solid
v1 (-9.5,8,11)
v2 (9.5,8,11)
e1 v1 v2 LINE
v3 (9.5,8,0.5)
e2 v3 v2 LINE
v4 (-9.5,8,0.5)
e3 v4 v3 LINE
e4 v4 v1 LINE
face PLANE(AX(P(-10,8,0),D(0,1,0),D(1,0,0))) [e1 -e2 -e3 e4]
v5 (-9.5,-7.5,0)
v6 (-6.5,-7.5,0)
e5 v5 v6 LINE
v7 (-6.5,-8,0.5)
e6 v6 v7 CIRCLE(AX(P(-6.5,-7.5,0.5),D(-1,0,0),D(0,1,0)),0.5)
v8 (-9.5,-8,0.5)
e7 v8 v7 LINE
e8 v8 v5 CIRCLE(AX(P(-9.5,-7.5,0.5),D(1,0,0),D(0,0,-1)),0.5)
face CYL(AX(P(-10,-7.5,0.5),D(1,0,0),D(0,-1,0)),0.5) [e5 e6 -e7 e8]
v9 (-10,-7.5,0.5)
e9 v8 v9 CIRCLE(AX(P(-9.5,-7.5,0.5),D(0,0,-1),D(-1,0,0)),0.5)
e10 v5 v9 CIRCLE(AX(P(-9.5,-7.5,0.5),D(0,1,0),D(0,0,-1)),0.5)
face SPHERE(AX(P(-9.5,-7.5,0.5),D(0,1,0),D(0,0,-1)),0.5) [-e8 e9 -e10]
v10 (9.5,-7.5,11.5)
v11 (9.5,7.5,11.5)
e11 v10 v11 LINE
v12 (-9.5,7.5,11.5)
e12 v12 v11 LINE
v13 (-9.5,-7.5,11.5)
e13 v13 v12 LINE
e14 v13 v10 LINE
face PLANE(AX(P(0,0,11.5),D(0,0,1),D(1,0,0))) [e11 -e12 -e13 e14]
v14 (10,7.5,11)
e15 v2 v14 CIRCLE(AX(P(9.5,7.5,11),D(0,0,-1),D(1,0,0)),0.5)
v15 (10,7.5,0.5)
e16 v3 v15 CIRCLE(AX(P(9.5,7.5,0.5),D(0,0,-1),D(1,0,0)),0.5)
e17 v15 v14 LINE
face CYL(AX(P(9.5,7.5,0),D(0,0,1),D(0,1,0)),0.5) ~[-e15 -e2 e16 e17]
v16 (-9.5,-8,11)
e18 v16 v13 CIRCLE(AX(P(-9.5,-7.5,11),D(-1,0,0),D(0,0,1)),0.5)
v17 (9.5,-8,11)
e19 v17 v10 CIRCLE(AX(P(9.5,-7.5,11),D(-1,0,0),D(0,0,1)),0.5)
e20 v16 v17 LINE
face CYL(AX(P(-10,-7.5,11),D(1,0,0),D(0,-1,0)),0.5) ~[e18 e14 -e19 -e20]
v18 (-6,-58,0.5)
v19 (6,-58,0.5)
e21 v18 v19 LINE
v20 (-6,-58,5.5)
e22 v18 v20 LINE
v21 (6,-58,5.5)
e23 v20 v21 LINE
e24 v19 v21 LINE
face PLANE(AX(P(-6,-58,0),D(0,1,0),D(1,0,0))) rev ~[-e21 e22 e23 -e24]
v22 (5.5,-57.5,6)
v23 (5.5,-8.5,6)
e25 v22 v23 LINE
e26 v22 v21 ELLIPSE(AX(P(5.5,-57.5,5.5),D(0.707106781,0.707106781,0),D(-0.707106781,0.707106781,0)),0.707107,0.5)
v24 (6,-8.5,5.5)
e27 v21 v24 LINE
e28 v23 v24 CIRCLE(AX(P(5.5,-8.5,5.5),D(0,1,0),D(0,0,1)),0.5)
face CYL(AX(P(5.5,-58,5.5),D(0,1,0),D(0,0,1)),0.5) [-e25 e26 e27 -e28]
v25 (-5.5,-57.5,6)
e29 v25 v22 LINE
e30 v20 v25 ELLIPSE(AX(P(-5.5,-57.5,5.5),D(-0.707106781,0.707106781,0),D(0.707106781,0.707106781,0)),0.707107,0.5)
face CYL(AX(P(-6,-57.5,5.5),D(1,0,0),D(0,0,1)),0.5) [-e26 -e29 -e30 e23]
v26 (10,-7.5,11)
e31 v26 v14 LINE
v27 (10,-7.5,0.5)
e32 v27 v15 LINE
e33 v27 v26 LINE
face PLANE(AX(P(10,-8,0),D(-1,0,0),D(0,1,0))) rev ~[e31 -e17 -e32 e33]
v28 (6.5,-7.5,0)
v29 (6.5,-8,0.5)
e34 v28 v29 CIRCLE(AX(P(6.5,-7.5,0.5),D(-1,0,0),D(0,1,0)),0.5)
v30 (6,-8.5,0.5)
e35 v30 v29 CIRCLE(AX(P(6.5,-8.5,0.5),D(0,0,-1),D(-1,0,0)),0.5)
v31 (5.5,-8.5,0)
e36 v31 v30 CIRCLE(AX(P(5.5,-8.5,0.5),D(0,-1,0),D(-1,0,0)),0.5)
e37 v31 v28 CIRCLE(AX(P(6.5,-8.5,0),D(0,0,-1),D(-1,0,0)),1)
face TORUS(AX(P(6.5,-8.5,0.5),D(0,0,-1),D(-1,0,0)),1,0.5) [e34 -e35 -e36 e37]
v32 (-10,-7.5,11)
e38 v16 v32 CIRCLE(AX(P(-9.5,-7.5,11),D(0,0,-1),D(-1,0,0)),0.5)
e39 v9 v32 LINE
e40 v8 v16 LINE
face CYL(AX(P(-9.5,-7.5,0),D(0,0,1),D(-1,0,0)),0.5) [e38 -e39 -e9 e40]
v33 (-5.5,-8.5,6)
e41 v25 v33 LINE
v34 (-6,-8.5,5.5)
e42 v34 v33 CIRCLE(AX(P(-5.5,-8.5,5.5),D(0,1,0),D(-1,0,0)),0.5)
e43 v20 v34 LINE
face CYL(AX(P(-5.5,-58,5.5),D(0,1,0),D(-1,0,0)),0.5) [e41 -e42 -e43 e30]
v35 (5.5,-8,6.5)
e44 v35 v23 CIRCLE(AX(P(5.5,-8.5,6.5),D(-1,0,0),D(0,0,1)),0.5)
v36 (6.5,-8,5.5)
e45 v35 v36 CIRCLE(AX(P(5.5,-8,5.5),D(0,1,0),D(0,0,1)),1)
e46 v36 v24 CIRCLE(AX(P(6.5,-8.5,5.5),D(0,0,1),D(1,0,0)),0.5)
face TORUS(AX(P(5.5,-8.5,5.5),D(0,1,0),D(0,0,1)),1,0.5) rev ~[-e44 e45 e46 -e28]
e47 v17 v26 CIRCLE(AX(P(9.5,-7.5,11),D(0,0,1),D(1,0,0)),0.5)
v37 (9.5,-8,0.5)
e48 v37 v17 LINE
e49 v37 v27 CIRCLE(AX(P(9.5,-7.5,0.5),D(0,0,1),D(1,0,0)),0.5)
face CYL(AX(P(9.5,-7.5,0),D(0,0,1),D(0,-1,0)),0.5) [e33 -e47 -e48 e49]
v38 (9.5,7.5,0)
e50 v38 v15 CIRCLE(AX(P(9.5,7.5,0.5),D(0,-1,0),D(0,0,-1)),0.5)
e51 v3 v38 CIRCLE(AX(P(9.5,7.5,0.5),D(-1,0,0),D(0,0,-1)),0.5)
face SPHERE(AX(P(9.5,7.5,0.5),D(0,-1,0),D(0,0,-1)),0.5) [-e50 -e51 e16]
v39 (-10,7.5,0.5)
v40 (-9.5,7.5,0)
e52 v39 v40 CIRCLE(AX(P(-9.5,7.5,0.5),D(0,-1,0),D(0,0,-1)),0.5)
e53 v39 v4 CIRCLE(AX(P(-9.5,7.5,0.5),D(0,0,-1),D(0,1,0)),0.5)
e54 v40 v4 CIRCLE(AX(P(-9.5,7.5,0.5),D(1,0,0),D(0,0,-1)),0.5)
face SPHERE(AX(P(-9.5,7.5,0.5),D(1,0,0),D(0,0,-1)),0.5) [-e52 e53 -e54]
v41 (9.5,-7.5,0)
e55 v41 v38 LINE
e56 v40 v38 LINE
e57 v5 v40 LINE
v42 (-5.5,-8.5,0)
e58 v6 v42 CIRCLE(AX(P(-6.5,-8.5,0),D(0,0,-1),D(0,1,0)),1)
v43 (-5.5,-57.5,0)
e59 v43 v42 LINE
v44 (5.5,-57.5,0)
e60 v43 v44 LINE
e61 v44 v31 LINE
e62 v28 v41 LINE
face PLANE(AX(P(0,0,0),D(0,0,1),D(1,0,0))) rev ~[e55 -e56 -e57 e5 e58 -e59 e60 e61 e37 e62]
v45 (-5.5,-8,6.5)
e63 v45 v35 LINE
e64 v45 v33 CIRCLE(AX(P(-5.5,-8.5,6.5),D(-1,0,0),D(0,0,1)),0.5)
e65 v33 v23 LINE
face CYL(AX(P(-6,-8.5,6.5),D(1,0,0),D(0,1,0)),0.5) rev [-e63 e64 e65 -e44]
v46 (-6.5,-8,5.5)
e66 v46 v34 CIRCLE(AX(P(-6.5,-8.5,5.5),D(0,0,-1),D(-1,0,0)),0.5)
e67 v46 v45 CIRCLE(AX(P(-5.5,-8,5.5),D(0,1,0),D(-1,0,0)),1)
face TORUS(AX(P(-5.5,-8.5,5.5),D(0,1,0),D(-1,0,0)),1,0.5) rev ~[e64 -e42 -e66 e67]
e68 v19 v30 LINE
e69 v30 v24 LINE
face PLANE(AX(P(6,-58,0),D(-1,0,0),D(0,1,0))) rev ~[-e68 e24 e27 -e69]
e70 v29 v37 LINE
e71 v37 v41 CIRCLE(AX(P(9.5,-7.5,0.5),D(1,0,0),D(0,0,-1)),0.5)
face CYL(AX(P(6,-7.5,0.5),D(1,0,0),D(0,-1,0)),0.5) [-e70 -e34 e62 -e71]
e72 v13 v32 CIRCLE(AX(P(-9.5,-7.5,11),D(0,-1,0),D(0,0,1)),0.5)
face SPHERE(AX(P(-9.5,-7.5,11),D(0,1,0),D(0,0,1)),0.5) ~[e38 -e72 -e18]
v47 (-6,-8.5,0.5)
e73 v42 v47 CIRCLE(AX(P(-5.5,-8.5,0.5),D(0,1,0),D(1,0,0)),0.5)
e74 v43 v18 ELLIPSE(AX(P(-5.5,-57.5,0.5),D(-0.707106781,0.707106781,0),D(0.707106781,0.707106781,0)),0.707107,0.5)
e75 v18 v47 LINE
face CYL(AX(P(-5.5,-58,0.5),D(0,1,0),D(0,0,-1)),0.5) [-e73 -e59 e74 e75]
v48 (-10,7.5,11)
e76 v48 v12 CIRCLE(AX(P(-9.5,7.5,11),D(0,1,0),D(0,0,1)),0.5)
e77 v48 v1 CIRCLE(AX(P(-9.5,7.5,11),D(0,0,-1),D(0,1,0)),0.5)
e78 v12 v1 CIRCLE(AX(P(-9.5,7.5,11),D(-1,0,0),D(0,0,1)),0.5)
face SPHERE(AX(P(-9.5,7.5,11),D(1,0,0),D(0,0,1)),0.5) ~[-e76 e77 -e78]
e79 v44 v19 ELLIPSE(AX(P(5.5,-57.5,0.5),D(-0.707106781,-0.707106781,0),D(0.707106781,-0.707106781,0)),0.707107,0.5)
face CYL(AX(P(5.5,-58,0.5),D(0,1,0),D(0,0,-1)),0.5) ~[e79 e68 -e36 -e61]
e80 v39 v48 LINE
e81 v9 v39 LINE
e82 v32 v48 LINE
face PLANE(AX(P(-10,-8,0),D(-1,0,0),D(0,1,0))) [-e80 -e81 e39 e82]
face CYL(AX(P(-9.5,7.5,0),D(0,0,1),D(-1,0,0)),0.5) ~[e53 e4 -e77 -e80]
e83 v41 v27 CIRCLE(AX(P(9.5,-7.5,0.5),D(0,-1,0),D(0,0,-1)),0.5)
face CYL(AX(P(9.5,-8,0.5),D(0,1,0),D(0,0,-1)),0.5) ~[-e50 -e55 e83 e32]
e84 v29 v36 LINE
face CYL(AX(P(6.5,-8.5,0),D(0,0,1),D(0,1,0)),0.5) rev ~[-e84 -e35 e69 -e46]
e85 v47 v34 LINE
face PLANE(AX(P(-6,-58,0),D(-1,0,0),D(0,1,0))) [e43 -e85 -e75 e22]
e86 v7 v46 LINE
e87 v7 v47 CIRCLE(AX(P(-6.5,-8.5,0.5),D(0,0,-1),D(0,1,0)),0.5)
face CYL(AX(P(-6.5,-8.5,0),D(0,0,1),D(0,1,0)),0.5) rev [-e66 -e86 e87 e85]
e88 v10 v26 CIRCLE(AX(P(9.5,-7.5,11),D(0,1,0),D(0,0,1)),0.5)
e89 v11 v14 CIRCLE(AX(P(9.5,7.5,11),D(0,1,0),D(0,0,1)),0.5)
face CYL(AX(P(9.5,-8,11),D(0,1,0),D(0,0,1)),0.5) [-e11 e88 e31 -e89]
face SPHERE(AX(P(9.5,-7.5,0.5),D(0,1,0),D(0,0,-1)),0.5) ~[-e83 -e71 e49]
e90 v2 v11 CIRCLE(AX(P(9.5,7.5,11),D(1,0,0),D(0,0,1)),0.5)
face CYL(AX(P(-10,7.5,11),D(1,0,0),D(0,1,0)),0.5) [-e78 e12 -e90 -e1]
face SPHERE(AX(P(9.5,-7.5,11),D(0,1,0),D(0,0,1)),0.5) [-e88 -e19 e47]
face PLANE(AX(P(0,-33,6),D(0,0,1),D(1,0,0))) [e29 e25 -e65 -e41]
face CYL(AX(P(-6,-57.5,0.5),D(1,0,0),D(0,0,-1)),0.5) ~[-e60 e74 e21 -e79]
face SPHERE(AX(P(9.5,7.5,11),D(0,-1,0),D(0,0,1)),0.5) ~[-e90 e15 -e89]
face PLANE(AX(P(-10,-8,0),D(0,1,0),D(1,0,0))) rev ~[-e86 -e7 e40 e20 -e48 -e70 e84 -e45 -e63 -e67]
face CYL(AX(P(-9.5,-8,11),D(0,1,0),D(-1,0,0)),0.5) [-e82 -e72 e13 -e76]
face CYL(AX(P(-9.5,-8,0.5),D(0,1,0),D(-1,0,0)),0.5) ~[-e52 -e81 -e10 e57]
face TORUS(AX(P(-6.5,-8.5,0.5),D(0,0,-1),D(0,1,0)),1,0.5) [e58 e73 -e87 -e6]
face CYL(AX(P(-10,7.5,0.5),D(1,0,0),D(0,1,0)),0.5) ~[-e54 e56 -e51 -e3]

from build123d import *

# Parameters (mm, degrees)
F0_W     = 20
F0_H     = 16
F1_DEPTH = 11.5
F2_W     = 12
F2_H     = 50
F3_DEPTH = 6
F4_R     = 0.5


with BuildPart() as f1:
    # F0 (on Top) → F1 (new body)
    with BuildSketch(Plane.XY):
        Rectangle(F0_W, F0_H)
    extrude(amount=F1_DEPTH)

    # F2 (on Top) → F3 (join)
    with BuildSketch(Plane.XY):
        with Locations((0, -33)):
            Rectangle(F2_W, F2_H)
    extrude(amount=F3_DEPTH)

    # F4
    f4_edges = [f1.edges().sort_by_distance(p)[0] for p in [
        (10, 0, 0),
        (0, 8, 0),
        (-10, 0, 0),
        (-8, -8, 0),
        (-6, -33, 0),
        (0, -58, 0),
        (6, -33, 0),
        (8, -8, 0),
        (10, 0, 11.5),
        (0, 8, 11.5),
        (-10, 0, 11.5),
        (0, -8, 11.5),
        (6, -33, 6),
        (0, -8, 6),
        (-6, -33, 6),
        (0, -58, 6),
        (10, 8, 5.75),
        (-10, 8, 5.75),
        (-6, -8, 3),
        (6, -8, 3),
        (10, -8, 5.75),
        (-10, -8, 5.75),
    ]]
    fillet(f4_edges, radius=F4_R)


solid = f1.part
